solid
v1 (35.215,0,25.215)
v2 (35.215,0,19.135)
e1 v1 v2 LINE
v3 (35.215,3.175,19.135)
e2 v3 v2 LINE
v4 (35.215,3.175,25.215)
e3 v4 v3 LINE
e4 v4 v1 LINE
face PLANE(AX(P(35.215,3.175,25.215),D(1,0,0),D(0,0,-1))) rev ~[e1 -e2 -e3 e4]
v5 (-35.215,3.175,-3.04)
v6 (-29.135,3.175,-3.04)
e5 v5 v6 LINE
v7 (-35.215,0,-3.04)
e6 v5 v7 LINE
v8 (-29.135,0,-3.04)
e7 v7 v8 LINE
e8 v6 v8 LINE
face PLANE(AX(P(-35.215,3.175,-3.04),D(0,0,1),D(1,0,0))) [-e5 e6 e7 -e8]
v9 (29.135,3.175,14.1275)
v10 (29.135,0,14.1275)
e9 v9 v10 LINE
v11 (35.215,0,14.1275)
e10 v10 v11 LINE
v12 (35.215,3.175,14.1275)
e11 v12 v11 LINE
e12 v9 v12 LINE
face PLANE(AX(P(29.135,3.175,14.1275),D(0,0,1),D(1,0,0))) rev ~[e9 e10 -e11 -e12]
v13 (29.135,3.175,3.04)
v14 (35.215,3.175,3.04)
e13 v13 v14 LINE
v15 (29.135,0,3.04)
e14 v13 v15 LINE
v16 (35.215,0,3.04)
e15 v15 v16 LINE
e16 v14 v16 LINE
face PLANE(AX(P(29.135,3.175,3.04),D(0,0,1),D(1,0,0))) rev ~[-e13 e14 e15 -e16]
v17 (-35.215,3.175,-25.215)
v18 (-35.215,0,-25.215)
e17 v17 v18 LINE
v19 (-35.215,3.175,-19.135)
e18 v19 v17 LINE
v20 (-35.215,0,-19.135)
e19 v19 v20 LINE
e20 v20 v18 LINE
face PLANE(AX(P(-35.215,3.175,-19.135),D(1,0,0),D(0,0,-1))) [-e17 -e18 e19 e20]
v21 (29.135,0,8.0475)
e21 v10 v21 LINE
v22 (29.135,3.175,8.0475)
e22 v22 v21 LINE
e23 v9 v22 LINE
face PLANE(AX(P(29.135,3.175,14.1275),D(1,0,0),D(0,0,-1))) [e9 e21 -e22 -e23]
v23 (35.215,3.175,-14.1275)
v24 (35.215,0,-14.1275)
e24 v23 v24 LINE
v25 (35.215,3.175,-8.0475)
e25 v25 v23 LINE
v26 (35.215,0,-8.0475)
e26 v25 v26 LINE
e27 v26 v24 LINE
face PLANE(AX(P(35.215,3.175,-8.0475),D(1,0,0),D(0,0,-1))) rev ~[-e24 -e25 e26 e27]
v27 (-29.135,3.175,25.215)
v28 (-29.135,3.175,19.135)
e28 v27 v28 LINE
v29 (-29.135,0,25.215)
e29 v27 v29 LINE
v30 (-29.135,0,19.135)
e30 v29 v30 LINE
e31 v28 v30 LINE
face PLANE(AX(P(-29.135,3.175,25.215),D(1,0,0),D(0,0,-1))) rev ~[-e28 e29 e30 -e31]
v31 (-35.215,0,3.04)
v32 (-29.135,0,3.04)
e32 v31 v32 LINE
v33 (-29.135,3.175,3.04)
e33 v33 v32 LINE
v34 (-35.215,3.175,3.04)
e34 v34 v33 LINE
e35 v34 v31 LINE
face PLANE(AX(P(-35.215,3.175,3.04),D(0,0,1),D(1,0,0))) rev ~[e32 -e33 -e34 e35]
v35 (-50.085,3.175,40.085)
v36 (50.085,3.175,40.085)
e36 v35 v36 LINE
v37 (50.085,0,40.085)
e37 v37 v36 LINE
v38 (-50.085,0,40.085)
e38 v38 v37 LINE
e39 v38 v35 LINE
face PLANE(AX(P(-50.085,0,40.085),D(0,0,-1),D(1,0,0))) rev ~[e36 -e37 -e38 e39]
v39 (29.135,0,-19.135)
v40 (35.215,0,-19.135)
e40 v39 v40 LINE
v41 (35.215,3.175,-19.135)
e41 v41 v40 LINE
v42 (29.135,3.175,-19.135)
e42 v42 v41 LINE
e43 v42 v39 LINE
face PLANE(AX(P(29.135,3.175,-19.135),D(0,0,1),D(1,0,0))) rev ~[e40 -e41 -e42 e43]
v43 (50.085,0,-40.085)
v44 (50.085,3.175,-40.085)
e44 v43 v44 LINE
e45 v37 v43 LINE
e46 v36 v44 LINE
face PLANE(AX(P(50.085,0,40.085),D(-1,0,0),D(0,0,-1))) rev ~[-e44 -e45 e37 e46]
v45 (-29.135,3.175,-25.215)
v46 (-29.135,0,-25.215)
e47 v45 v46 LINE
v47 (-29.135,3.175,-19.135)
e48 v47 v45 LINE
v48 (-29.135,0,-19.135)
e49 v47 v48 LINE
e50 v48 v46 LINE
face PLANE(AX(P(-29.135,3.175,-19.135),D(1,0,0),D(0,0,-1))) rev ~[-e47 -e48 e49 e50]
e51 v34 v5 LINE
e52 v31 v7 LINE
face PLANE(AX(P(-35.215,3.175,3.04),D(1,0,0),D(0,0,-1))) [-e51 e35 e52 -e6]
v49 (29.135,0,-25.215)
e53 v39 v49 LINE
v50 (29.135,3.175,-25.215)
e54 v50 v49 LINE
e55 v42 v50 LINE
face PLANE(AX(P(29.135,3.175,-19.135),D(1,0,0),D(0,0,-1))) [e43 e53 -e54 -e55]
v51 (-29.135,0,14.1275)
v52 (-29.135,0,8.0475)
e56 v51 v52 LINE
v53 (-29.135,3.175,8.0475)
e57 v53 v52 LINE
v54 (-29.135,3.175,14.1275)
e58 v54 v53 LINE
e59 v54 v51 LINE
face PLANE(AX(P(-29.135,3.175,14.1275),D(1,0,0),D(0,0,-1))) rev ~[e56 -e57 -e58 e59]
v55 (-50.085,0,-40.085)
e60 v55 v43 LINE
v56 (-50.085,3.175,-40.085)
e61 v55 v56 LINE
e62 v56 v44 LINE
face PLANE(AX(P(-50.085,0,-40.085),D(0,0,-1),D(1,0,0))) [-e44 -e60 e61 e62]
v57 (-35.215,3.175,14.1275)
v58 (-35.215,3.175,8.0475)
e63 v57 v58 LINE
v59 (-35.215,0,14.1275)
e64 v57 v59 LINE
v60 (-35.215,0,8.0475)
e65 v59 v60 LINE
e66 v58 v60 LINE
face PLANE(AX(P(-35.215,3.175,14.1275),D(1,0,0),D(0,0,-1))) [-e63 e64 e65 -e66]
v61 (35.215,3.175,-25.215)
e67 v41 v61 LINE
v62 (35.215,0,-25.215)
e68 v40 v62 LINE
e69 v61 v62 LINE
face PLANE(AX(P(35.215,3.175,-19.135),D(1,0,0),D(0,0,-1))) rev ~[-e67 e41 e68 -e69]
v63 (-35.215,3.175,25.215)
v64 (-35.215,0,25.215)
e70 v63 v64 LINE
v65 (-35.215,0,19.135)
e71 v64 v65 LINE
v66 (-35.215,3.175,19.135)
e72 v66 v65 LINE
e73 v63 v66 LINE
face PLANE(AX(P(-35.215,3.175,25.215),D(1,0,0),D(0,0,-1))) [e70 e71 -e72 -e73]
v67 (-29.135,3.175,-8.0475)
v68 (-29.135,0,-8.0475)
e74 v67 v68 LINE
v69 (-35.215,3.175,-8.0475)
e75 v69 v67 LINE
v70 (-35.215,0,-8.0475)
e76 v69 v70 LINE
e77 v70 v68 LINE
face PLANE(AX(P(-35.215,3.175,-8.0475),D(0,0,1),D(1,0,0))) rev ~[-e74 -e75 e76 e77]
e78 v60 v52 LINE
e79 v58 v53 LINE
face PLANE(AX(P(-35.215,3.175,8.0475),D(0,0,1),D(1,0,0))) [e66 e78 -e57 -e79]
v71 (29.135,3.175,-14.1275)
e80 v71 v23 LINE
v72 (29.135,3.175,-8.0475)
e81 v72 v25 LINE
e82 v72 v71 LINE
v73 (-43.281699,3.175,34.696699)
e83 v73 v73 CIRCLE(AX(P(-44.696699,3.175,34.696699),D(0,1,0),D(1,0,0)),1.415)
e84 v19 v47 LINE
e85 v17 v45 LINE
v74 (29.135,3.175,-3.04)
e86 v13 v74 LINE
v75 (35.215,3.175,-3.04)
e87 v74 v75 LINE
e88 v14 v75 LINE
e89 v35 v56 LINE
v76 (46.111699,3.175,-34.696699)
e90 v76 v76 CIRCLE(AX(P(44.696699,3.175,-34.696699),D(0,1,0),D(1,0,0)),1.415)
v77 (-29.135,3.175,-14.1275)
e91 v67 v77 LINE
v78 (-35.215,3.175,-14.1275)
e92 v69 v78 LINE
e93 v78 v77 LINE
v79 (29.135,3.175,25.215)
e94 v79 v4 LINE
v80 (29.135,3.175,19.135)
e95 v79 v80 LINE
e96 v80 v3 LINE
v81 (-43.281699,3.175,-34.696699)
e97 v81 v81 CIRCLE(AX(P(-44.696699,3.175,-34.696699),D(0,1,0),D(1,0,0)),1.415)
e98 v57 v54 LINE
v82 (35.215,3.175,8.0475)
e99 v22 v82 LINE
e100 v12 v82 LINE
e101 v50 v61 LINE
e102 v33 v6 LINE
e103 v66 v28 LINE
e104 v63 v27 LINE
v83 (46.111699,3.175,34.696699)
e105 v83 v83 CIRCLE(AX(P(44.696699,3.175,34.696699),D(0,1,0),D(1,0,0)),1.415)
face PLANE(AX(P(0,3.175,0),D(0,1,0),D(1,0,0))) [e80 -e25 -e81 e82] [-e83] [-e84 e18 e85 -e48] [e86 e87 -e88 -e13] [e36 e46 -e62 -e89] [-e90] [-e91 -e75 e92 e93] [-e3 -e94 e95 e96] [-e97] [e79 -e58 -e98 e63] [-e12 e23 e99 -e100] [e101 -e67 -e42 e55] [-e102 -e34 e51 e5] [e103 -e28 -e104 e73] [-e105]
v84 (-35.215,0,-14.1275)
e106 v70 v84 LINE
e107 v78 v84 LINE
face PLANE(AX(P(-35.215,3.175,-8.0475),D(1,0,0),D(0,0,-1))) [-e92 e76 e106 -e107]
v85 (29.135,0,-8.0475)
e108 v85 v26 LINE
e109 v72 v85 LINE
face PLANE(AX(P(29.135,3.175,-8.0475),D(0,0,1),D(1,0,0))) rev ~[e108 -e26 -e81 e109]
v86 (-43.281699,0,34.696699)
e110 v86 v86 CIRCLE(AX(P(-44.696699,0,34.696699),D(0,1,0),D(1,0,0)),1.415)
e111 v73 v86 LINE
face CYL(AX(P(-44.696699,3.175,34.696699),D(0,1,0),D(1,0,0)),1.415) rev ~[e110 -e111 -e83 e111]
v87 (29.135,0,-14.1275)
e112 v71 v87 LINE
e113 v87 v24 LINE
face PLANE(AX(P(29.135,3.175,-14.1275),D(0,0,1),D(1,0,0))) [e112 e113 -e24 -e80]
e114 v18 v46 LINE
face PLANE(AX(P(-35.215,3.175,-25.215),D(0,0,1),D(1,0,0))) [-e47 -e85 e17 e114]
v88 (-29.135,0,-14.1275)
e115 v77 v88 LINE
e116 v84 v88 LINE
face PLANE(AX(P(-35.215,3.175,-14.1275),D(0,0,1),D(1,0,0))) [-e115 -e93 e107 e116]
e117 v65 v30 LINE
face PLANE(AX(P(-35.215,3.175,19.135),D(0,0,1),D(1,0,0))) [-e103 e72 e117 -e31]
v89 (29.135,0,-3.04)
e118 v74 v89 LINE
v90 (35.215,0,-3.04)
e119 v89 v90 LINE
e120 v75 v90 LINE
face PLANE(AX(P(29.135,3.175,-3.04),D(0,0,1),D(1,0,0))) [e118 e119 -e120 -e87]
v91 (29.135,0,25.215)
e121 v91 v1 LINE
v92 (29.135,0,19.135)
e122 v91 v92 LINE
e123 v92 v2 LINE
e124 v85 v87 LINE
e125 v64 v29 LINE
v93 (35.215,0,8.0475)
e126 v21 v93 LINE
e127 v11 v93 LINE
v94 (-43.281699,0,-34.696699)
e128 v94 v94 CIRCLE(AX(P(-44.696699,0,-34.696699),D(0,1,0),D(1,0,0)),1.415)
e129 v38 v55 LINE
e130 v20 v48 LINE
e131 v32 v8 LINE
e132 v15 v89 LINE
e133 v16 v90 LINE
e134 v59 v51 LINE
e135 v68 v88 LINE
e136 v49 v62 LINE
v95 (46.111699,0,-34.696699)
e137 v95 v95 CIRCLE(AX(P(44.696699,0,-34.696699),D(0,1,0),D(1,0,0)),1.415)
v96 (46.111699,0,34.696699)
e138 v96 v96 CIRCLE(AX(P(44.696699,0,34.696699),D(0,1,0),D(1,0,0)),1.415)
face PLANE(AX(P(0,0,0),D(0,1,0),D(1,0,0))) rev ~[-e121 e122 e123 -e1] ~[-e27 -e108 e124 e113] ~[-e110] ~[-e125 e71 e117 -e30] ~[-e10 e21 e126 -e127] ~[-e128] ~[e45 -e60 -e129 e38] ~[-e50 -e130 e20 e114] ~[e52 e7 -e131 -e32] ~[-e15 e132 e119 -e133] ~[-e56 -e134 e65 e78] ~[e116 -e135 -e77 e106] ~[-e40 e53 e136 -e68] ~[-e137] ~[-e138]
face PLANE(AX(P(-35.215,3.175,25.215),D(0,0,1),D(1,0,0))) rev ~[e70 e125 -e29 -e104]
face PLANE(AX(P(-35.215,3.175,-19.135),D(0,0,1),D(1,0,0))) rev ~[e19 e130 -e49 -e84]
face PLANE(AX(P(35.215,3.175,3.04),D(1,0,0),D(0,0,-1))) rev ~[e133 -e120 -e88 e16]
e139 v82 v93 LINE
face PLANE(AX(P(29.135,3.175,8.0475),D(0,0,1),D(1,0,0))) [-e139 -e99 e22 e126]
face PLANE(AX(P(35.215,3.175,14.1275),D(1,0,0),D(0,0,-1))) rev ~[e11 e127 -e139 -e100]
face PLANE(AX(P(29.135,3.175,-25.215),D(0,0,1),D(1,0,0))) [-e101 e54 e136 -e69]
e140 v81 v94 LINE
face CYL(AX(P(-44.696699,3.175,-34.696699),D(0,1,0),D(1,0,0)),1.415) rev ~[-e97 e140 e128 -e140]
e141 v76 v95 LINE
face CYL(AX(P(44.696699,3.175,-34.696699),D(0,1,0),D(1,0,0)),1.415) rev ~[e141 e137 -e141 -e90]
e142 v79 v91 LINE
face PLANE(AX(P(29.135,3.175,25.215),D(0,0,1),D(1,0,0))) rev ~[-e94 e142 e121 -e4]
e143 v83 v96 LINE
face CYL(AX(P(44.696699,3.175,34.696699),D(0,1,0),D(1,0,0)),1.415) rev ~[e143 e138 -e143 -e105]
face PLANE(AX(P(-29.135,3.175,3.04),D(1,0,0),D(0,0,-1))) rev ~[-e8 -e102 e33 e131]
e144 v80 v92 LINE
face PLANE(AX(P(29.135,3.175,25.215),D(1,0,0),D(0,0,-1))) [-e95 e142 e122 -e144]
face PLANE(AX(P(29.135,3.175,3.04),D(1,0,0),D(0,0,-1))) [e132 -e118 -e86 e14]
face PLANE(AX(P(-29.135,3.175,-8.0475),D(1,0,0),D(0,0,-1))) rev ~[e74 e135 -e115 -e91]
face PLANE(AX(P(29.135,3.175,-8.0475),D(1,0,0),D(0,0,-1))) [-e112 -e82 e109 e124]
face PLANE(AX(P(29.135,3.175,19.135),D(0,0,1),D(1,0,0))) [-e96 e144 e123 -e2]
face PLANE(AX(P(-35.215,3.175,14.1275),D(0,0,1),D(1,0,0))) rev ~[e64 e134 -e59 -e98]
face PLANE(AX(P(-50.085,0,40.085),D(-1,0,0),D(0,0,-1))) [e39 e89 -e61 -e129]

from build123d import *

# Parameters (mm, degrees)
SKETCH1_W           = 100.17
SKETCH1_H           = 80.17
BOSS_EXTRUDE1_DEPTH = 3.175
SKETCH2_W           = 6.08
SKETCH2_H           = 6.08
CUT_EXTRUDE2_DEPTH  = 4.175
LPATTERN1_COUNT     = 5
LPATTERN1_PITCH     = 11.0875
SKETCH4_R           = 1.415
CUT_EXTRUDE3_DEPTH  = 6.35


with BuildPart() as part:
    # Sketch1 → Boss-Extrude1 (new body)
    with BuildSketch(Plane(origin=(0, 0, 0), x_dir=(1, 0, 0), z_dir=(0, 1, 0))):
        Rectangle(SKETCH1_W, SKETCH1_H)
    extrude(amount=BOSS_EXTRUDE1_DEPTH)

    # Sketch2 → Cut-Extrude2 (cut, through all)
    with BuildSketch(Plane(origin=(0, 3.175, 0), x_dir=(1, 0, 0), z_dir=(0, 1, 0))):
        with Locations((-32.175, 22.175)):
            Rectangle(SKETCH2_W, SKETCH2_H)
        with Locations((32.175, 22.175)):
            Rectangle(SKETCH2_W, SKETCH2_H)
    cut_extrude2 = extrude(amount=-CUT_EXTRUDE2_DEPTH, mode=Mode.SUBTRACT)

    # LPattern1: Cut-Extrude2 ×5
    with Locations(*[(0, 0, i * LPATTERN1_PITCH) for i in range(1, LPATTERN1_COUNT)]):
        add(cut_extrude2, mode=Mode.SUBTRACT)

    # Sketch4 → Cut-Extrude3 (cut)
    with BuildSketch(Plane(origin=(0, 3.175, 0), x_dir=(1, 0, 0), z_dir=(0, 1, 0))):
        with Locations((-44.696699141, 34.696699141)):
            Circle(SKETCH4_R)
        with Locations((44.696699141, 34.696699141)):
            Circle(SKETCH4_R)
        with Locations((44.696699141, -34.696699141)):
            Circle(SKETCH4_R)
        with Locations((-44.696699141, -34.696699141)):
            Circle(SKETCH4_R)
    extrude(amount=-CUT_EXTRUDE3_DEPTH, mode=Mode.SUBTRACT)


solid = part.part
